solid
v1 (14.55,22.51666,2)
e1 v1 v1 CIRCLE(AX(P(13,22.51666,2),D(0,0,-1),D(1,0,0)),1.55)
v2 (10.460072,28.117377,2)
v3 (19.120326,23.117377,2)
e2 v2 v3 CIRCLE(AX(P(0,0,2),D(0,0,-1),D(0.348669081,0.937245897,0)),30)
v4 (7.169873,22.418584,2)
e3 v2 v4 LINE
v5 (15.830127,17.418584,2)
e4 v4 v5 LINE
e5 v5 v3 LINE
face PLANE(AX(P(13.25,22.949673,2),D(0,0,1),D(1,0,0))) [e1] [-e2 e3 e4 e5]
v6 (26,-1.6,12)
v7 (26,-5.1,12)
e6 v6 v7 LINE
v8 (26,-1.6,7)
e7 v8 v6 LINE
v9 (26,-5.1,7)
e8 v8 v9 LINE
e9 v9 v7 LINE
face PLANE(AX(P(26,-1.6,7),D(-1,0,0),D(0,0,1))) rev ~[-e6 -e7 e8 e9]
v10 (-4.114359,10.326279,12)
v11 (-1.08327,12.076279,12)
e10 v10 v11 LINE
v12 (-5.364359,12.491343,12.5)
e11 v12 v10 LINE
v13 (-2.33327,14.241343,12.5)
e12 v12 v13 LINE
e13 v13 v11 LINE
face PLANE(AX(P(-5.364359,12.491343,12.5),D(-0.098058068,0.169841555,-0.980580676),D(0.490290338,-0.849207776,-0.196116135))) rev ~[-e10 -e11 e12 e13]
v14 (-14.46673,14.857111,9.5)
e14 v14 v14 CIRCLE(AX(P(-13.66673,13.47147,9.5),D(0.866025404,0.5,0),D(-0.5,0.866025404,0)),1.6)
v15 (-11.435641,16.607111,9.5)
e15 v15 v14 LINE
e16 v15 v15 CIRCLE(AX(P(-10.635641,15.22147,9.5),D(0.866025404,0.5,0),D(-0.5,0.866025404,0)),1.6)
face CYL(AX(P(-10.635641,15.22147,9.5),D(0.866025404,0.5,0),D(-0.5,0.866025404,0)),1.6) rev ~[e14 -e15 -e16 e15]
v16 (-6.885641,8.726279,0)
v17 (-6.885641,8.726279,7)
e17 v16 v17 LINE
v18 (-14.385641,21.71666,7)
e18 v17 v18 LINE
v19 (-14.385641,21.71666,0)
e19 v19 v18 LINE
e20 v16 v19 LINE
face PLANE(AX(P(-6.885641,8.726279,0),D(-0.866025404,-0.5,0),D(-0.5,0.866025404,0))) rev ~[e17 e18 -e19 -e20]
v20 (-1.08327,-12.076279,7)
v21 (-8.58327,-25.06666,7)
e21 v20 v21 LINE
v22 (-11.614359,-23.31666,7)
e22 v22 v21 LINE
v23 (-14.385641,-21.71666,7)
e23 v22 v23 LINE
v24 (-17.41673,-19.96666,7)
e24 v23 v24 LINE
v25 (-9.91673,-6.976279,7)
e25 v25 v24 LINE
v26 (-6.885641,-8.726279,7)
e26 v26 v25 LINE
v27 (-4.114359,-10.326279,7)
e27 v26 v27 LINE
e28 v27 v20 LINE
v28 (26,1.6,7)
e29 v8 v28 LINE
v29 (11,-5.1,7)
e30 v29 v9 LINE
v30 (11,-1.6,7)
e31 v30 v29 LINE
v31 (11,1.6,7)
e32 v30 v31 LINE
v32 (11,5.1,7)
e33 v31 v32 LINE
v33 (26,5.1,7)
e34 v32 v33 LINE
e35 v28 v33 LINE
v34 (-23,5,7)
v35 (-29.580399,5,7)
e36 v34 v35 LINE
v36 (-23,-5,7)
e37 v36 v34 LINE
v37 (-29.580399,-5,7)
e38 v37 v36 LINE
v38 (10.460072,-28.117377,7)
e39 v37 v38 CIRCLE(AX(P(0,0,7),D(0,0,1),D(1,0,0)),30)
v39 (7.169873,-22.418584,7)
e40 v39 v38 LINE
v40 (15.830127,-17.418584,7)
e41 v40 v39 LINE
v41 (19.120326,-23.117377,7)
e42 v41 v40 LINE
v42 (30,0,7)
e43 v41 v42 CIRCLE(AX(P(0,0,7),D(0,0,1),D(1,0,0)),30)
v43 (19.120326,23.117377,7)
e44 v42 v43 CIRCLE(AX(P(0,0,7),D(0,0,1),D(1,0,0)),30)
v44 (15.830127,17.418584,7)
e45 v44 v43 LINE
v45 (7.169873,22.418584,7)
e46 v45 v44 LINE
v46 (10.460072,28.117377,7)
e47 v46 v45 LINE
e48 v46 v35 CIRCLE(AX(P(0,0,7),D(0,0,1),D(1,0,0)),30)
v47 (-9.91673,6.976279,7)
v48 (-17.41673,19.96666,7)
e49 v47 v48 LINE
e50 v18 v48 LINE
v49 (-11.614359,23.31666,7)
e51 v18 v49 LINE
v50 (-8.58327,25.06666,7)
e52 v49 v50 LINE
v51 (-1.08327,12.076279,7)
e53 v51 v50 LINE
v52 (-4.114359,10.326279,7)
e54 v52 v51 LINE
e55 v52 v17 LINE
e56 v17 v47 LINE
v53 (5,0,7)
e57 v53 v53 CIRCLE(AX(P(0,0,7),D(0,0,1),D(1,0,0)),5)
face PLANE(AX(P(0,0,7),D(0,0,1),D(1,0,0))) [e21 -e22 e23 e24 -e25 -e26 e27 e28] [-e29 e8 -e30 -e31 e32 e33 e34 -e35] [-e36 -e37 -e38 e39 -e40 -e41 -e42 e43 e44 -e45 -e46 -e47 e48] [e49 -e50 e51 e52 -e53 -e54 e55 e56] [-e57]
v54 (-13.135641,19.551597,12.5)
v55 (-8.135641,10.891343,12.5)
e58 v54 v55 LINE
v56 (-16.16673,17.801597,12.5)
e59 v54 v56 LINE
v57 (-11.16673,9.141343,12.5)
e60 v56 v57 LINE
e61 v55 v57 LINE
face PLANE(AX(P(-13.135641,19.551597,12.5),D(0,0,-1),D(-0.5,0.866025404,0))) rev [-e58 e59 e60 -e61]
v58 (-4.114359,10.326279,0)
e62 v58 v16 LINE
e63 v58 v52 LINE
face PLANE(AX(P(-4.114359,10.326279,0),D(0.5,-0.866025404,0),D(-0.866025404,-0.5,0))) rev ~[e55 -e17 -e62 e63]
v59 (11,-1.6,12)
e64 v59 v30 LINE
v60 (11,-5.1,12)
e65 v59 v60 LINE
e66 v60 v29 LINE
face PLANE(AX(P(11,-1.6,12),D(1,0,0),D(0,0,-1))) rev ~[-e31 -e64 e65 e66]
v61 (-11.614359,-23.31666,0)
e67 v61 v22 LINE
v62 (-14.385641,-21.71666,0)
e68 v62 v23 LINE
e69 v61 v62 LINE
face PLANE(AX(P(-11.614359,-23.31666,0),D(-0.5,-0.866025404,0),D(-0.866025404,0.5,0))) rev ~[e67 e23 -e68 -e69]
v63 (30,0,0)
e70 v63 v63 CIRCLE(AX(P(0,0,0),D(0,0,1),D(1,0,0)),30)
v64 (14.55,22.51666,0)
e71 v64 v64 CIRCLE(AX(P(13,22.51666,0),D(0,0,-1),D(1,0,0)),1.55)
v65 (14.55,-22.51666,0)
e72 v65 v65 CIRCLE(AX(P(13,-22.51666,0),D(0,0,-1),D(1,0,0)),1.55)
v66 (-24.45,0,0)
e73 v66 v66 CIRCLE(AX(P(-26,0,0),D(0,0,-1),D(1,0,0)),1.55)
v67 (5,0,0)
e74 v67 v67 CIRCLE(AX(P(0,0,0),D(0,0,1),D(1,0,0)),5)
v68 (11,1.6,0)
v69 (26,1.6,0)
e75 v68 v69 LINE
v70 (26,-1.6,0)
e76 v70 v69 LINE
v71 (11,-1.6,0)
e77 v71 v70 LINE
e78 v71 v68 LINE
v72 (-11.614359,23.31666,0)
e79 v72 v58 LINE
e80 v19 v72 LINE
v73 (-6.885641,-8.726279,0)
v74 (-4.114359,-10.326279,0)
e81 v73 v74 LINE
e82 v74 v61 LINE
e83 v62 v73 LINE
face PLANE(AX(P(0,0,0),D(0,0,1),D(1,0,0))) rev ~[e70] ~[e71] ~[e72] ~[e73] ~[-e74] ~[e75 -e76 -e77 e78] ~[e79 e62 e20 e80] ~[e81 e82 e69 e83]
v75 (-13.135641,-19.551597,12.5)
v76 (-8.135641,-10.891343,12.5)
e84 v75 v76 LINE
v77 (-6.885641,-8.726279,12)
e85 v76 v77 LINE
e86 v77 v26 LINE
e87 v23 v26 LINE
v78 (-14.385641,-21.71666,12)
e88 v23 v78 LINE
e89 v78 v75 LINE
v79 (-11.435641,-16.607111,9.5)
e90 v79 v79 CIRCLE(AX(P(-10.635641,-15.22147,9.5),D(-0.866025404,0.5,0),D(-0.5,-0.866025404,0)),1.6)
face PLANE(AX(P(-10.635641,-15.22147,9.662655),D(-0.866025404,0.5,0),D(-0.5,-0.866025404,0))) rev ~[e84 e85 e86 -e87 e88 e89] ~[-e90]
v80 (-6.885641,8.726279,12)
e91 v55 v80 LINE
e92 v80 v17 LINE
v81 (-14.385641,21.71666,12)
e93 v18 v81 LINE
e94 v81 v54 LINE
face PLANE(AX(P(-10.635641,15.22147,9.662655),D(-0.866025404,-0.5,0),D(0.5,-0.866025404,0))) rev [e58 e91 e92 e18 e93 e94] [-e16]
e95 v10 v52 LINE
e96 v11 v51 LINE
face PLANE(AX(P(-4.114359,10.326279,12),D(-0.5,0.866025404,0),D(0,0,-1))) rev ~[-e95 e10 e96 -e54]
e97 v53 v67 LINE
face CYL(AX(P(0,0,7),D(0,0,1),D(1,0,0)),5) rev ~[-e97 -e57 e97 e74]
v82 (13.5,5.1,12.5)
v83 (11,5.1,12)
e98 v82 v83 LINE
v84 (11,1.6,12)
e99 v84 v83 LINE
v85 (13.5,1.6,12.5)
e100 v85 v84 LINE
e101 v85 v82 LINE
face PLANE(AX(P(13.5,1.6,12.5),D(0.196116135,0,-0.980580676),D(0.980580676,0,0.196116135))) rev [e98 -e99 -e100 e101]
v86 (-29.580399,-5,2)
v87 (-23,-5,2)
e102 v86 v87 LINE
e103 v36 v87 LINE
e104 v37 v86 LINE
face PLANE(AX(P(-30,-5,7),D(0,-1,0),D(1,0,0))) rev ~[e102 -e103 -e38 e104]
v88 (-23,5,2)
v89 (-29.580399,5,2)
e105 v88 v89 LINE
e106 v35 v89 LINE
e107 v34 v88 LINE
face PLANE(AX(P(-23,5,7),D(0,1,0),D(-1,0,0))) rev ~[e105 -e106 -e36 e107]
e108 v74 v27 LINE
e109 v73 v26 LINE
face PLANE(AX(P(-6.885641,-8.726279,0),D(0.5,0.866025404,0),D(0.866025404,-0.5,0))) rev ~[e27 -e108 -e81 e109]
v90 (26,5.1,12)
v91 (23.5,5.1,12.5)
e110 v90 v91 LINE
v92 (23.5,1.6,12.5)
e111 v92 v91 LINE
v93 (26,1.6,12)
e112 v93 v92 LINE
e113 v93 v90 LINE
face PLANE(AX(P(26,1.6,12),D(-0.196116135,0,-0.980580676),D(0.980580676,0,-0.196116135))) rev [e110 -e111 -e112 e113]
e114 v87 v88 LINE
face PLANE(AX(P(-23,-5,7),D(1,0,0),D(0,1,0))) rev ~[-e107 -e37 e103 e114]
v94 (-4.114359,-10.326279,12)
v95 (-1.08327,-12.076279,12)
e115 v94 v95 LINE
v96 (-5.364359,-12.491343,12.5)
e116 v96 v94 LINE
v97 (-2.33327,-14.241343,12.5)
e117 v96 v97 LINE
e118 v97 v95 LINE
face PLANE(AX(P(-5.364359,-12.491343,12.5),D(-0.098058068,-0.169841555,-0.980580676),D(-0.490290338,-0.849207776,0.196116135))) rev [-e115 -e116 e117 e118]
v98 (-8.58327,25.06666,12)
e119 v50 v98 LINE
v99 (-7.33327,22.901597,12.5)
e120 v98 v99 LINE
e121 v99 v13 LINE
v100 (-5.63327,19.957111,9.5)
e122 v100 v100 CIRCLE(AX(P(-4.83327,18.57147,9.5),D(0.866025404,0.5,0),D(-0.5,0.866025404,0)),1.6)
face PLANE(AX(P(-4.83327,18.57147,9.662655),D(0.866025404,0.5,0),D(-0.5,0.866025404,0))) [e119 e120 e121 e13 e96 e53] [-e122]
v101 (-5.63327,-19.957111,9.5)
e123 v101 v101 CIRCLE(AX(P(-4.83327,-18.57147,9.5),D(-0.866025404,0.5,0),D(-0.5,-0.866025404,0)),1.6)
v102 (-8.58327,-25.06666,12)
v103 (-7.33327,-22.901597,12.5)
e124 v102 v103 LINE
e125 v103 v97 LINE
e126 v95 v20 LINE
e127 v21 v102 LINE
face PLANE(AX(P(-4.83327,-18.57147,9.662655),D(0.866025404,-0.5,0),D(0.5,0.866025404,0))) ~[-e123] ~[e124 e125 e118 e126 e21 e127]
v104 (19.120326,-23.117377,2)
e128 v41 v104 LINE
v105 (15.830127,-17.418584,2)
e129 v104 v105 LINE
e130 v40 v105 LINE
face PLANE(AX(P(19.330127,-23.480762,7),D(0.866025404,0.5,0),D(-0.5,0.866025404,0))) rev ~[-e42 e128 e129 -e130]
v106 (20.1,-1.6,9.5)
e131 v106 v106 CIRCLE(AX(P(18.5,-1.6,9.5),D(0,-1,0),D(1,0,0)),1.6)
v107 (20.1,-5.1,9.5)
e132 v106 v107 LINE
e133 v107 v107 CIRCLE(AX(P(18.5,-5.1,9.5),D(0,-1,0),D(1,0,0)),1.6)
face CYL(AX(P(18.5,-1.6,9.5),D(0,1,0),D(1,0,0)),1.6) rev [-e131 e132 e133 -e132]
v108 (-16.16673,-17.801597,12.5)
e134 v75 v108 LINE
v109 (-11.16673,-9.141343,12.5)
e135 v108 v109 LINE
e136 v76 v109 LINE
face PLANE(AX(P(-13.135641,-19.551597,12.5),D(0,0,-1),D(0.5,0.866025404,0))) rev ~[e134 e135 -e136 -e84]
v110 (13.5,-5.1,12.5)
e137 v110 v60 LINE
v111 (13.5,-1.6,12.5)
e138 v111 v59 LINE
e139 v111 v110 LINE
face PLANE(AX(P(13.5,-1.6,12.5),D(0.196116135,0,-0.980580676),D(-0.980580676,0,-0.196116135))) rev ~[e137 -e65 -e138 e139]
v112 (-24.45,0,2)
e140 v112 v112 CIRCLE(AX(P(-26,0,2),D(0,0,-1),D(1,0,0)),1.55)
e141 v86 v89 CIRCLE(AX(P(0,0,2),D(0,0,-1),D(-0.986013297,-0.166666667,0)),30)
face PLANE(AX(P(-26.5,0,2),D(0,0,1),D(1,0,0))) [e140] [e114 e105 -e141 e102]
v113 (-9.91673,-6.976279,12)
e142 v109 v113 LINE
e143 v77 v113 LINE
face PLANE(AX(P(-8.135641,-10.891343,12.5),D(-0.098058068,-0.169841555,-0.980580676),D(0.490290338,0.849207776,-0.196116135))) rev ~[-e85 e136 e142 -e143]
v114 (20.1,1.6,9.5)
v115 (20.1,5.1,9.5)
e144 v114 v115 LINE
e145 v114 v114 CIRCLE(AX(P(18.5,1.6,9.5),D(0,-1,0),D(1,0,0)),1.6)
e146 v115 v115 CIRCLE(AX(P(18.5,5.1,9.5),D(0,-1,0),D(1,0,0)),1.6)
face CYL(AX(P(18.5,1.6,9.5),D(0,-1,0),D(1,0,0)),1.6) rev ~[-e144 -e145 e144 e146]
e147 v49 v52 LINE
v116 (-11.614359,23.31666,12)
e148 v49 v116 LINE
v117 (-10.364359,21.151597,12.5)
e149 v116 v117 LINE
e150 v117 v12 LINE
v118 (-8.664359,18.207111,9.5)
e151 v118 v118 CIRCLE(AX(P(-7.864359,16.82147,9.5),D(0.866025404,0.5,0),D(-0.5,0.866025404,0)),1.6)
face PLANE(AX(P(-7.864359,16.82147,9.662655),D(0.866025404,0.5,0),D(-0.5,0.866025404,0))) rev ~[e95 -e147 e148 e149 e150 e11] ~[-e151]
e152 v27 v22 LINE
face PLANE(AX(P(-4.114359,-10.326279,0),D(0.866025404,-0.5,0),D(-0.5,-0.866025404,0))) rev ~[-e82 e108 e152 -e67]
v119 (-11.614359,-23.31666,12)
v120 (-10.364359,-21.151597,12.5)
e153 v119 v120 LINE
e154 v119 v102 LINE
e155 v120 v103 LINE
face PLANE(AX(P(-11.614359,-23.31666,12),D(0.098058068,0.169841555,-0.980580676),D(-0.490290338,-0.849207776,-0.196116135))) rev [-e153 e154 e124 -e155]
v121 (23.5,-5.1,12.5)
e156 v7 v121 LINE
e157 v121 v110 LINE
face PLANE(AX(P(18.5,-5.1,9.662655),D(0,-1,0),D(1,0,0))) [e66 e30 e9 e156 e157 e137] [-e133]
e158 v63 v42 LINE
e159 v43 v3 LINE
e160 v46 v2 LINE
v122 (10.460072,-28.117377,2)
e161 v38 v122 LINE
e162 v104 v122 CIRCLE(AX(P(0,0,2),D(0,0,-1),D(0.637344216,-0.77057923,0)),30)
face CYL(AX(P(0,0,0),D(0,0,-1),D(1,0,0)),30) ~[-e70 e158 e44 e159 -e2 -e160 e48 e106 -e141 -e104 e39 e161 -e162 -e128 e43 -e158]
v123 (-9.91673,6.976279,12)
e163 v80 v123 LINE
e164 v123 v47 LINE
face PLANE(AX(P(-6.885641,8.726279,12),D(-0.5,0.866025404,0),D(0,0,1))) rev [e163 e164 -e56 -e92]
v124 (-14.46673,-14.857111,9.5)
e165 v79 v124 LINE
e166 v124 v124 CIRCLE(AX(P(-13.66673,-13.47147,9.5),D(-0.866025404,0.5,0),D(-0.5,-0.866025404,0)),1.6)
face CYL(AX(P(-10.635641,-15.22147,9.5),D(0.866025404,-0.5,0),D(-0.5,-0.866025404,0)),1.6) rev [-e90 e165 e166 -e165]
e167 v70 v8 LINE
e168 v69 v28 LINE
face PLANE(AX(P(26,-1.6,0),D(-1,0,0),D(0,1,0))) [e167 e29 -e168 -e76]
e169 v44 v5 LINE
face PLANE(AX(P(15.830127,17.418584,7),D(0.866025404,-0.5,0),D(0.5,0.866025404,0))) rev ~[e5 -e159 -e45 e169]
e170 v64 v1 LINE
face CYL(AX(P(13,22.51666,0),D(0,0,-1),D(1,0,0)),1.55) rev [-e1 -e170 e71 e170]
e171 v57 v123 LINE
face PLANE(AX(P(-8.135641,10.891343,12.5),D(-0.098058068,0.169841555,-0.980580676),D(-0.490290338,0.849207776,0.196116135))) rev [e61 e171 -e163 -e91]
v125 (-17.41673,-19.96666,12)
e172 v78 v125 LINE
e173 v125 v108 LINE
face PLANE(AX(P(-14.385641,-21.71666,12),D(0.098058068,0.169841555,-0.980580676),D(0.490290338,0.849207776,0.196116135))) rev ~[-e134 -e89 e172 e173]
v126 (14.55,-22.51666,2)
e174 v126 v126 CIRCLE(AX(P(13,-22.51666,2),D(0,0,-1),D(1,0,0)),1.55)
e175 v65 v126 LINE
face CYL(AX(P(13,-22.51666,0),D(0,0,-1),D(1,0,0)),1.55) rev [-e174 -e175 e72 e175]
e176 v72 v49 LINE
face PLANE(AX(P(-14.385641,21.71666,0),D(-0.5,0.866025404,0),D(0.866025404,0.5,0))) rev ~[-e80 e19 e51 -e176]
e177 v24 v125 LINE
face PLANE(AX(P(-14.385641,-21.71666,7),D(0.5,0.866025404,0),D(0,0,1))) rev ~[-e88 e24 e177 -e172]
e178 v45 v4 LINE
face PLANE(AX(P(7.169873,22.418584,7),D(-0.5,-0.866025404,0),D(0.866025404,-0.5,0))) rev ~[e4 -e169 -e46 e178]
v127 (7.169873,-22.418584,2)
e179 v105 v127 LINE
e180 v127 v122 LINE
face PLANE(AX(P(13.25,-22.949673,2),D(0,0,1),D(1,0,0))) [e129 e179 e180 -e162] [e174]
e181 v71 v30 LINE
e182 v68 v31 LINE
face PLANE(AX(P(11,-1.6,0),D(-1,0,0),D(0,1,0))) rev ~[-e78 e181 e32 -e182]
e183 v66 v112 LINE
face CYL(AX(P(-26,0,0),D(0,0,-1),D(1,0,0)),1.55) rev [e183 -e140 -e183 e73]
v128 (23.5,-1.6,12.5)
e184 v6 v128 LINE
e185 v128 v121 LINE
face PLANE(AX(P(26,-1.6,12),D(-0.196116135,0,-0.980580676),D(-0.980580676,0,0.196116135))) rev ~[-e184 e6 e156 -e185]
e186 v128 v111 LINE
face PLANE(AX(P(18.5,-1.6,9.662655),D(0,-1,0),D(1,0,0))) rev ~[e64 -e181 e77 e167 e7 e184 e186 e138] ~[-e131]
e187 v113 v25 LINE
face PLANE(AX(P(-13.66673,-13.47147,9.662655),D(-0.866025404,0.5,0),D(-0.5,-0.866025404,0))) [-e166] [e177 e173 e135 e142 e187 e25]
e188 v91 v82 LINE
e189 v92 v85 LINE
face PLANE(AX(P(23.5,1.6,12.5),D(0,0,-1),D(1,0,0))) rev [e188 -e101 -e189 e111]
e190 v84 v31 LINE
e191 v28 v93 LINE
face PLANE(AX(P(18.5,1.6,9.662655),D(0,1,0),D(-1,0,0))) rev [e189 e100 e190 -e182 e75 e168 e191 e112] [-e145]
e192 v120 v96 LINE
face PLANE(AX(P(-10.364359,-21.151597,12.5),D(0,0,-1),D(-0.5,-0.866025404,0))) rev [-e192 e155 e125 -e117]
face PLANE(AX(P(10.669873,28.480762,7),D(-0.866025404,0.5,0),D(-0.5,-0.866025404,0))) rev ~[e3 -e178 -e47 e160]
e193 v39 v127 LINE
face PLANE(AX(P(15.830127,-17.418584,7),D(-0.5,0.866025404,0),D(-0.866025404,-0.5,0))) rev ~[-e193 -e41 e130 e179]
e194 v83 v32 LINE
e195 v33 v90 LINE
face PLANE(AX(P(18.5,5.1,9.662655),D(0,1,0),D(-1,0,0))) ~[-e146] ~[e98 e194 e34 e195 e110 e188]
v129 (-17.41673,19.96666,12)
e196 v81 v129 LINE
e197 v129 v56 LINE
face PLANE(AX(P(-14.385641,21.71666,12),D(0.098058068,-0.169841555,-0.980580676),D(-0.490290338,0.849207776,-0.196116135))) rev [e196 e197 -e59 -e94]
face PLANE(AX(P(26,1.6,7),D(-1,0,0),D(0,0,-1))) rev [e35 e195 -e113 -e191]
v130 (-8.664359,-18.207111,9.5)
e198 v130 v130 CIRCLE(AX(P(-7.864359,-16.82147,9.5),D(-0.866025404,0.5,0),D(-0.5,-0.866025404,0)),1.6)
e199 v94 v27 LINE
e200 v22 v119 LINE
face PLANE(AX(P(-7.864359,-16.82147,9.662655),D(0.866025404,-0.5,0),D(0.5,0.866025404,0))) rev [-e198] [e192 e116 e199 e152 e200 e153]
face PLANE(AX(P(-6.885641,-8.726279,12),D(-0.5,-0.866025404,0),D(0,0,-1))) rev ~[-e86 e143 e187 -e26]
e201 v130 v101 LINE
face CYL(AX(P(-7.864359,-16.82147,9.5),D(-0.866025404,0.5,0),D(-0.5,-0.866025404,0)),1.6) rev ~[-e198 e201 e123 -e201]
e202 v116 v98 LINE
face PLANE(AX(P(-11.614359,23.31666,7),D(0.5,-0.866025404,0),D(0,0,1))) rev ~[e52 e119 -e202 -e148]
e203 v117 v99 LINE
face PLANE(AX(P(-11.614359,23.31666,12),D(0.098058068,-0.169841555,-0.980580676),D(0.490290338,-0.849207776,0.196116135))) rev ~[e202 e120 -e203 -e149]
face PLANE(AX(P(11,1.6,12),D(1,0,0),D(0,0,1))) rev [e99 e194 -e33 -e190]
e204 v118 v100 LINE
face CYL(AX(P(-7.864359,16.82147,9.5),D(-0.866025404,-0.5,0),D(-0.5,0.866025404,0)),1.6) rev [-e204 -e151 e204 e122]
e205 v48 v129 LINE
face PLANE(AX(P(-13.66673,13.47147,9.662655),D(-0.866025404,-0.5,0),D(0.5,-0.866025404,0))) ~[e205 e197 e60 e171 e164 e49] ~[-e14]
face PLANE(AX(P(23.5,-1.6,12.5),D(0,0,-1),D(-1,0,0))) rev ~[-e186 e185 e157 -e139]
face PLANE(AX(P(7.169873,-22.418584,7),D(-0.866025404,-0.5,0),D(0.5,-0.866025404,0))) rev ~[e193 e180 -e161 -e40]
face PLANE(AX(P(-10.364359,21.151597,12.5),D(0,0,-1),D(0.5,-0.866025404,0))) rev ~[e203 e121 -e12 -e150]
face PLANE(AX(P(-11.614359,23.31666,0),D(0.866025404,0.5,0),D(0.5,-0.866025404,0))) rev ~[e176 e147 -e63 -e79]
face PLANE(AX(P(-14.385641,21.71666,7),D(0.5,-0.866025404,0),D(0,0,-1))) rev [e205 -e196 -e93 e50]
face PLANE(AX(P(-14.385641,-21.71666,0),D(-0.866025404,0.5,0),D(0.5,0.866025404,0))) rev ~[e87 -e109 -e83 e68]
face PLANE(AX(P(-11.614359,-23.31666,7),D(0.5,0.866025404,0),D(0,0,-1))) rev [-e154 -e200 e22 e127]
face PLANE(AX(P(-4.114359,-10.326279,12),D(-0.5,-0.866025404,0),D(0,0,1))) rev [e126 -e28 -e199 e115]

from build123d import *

# Parameters (mm, degrees)
F0_R      = 30
F0_R_2    = 1.55
F0_W      = 15
F0_H      = 3.2
F1_DEPTH  = 7
F3_R      = 1.6
F4_DEPTH  = 3.5
F7_COUNT  = 3
F8_R      = 5
F9_DEPTH  = 25
F11_DEPTH = 5


with BuildPart() as f1:
    # F0 (on Top) → F1 (new body)
    with BuildSketch(Plane.XY):
        Circle(F0_R)
        Polygon((-4.1143593539, -10.3262794416), (-11.6143593539, -23.3166604984), (-14.3856406461, -21.7166604984), (-6.8856406461, -8.7262794416), align=None, mode=Mode.SUBTRACT)
        with Locations((13, -22.5166604984)):
            Circle(F0_R_2, mode=Mode.SUBTRACT)
        with Locations((-26, 0)):
            Circle(F0_R_2, mode=Mode.SUBTRACT)
        Polygon((-6.8856406461, 8.7262794416), (-14.3856406461, 21.7166604984), (-11.6143593539, 23.3166604984), (-4.1143593539, 10.3262794416), align=None, mode=Mode.SUBTRACT)
        with Locations((18.5, 0)):
            Rectangle(F0_W, F0_H, mode=Mode.SUBTRACT)
        with Locations((13, 22.5166604984)):
            Circle(F0_R_2, mode=Mode.SUBTRACT)
    extrude(amount=F1_DEPTH)

    # F3 (on offset) → F4 (join)
    with BuildSketch(Plane.XZ.offset(1.6)):
        Polygon((11, 7), (26, 7), (26, 12), (23.5, 12.5), (13.5, 12.5), (11, 12), align=None)
        with Locations((18.5, 9.5)):
            Circle(F3_R, mode=Mode.SUBTRACT)
    extrude(amount=F4_DEPTH)

    # F5: F1 across plane


with BuildPart() as f1_1:
    add(f1.part)
    add(f1.part.mirror(Plane.XZ))

    # F7: F1 ×3 about axis
    f7_axis = Axis((0, 0, 17.4874160439), (0, 0, 1))


with BuildPart() as f1_2:
    add(f1_1.part)
    for i in range(1, F7_COUNT):
        add(f1_1.part.rotate(f7_axis, i * 360 / F7_COUNT))

    # F8 (on face) → F9 (cut)
    with BuildSketch(Plane.XY.offset(7)):
        Circle(F8_R)
    extrude(amount=-F9_DEPTH, mode=Mode.SUBTRACT)

    # F10 (on face) → F11 (cut)
    with BuildSketch(Plane.XY.offset(7)):
        Polygon((-30, 5), (-30, 0), (-30, -5), (-23, -5), (-23, 0), (-23, 5), align=None)
        Polygon((11.5, -19.918584287), (7.1698729811, -22.418584287), (10.6698729811, -28.4807621135), (15, -25.9807621135), (19.3301270189, -23.4807621135), (15.8301270189, -17.418584287), align=None)
        Polygon((11.5, 19.918584287), (15.8301270189, 17.418584287), (19.3301270189, 23.4807621135), (15, 25.9807621135), (10.6698729811, 28.4807621135), (7.1698729811, 22.418584287), align=None)
    extrude(amount=-F11_DEPTH, mode=Mode.SUBTRACT)


solid = f1_2.part
